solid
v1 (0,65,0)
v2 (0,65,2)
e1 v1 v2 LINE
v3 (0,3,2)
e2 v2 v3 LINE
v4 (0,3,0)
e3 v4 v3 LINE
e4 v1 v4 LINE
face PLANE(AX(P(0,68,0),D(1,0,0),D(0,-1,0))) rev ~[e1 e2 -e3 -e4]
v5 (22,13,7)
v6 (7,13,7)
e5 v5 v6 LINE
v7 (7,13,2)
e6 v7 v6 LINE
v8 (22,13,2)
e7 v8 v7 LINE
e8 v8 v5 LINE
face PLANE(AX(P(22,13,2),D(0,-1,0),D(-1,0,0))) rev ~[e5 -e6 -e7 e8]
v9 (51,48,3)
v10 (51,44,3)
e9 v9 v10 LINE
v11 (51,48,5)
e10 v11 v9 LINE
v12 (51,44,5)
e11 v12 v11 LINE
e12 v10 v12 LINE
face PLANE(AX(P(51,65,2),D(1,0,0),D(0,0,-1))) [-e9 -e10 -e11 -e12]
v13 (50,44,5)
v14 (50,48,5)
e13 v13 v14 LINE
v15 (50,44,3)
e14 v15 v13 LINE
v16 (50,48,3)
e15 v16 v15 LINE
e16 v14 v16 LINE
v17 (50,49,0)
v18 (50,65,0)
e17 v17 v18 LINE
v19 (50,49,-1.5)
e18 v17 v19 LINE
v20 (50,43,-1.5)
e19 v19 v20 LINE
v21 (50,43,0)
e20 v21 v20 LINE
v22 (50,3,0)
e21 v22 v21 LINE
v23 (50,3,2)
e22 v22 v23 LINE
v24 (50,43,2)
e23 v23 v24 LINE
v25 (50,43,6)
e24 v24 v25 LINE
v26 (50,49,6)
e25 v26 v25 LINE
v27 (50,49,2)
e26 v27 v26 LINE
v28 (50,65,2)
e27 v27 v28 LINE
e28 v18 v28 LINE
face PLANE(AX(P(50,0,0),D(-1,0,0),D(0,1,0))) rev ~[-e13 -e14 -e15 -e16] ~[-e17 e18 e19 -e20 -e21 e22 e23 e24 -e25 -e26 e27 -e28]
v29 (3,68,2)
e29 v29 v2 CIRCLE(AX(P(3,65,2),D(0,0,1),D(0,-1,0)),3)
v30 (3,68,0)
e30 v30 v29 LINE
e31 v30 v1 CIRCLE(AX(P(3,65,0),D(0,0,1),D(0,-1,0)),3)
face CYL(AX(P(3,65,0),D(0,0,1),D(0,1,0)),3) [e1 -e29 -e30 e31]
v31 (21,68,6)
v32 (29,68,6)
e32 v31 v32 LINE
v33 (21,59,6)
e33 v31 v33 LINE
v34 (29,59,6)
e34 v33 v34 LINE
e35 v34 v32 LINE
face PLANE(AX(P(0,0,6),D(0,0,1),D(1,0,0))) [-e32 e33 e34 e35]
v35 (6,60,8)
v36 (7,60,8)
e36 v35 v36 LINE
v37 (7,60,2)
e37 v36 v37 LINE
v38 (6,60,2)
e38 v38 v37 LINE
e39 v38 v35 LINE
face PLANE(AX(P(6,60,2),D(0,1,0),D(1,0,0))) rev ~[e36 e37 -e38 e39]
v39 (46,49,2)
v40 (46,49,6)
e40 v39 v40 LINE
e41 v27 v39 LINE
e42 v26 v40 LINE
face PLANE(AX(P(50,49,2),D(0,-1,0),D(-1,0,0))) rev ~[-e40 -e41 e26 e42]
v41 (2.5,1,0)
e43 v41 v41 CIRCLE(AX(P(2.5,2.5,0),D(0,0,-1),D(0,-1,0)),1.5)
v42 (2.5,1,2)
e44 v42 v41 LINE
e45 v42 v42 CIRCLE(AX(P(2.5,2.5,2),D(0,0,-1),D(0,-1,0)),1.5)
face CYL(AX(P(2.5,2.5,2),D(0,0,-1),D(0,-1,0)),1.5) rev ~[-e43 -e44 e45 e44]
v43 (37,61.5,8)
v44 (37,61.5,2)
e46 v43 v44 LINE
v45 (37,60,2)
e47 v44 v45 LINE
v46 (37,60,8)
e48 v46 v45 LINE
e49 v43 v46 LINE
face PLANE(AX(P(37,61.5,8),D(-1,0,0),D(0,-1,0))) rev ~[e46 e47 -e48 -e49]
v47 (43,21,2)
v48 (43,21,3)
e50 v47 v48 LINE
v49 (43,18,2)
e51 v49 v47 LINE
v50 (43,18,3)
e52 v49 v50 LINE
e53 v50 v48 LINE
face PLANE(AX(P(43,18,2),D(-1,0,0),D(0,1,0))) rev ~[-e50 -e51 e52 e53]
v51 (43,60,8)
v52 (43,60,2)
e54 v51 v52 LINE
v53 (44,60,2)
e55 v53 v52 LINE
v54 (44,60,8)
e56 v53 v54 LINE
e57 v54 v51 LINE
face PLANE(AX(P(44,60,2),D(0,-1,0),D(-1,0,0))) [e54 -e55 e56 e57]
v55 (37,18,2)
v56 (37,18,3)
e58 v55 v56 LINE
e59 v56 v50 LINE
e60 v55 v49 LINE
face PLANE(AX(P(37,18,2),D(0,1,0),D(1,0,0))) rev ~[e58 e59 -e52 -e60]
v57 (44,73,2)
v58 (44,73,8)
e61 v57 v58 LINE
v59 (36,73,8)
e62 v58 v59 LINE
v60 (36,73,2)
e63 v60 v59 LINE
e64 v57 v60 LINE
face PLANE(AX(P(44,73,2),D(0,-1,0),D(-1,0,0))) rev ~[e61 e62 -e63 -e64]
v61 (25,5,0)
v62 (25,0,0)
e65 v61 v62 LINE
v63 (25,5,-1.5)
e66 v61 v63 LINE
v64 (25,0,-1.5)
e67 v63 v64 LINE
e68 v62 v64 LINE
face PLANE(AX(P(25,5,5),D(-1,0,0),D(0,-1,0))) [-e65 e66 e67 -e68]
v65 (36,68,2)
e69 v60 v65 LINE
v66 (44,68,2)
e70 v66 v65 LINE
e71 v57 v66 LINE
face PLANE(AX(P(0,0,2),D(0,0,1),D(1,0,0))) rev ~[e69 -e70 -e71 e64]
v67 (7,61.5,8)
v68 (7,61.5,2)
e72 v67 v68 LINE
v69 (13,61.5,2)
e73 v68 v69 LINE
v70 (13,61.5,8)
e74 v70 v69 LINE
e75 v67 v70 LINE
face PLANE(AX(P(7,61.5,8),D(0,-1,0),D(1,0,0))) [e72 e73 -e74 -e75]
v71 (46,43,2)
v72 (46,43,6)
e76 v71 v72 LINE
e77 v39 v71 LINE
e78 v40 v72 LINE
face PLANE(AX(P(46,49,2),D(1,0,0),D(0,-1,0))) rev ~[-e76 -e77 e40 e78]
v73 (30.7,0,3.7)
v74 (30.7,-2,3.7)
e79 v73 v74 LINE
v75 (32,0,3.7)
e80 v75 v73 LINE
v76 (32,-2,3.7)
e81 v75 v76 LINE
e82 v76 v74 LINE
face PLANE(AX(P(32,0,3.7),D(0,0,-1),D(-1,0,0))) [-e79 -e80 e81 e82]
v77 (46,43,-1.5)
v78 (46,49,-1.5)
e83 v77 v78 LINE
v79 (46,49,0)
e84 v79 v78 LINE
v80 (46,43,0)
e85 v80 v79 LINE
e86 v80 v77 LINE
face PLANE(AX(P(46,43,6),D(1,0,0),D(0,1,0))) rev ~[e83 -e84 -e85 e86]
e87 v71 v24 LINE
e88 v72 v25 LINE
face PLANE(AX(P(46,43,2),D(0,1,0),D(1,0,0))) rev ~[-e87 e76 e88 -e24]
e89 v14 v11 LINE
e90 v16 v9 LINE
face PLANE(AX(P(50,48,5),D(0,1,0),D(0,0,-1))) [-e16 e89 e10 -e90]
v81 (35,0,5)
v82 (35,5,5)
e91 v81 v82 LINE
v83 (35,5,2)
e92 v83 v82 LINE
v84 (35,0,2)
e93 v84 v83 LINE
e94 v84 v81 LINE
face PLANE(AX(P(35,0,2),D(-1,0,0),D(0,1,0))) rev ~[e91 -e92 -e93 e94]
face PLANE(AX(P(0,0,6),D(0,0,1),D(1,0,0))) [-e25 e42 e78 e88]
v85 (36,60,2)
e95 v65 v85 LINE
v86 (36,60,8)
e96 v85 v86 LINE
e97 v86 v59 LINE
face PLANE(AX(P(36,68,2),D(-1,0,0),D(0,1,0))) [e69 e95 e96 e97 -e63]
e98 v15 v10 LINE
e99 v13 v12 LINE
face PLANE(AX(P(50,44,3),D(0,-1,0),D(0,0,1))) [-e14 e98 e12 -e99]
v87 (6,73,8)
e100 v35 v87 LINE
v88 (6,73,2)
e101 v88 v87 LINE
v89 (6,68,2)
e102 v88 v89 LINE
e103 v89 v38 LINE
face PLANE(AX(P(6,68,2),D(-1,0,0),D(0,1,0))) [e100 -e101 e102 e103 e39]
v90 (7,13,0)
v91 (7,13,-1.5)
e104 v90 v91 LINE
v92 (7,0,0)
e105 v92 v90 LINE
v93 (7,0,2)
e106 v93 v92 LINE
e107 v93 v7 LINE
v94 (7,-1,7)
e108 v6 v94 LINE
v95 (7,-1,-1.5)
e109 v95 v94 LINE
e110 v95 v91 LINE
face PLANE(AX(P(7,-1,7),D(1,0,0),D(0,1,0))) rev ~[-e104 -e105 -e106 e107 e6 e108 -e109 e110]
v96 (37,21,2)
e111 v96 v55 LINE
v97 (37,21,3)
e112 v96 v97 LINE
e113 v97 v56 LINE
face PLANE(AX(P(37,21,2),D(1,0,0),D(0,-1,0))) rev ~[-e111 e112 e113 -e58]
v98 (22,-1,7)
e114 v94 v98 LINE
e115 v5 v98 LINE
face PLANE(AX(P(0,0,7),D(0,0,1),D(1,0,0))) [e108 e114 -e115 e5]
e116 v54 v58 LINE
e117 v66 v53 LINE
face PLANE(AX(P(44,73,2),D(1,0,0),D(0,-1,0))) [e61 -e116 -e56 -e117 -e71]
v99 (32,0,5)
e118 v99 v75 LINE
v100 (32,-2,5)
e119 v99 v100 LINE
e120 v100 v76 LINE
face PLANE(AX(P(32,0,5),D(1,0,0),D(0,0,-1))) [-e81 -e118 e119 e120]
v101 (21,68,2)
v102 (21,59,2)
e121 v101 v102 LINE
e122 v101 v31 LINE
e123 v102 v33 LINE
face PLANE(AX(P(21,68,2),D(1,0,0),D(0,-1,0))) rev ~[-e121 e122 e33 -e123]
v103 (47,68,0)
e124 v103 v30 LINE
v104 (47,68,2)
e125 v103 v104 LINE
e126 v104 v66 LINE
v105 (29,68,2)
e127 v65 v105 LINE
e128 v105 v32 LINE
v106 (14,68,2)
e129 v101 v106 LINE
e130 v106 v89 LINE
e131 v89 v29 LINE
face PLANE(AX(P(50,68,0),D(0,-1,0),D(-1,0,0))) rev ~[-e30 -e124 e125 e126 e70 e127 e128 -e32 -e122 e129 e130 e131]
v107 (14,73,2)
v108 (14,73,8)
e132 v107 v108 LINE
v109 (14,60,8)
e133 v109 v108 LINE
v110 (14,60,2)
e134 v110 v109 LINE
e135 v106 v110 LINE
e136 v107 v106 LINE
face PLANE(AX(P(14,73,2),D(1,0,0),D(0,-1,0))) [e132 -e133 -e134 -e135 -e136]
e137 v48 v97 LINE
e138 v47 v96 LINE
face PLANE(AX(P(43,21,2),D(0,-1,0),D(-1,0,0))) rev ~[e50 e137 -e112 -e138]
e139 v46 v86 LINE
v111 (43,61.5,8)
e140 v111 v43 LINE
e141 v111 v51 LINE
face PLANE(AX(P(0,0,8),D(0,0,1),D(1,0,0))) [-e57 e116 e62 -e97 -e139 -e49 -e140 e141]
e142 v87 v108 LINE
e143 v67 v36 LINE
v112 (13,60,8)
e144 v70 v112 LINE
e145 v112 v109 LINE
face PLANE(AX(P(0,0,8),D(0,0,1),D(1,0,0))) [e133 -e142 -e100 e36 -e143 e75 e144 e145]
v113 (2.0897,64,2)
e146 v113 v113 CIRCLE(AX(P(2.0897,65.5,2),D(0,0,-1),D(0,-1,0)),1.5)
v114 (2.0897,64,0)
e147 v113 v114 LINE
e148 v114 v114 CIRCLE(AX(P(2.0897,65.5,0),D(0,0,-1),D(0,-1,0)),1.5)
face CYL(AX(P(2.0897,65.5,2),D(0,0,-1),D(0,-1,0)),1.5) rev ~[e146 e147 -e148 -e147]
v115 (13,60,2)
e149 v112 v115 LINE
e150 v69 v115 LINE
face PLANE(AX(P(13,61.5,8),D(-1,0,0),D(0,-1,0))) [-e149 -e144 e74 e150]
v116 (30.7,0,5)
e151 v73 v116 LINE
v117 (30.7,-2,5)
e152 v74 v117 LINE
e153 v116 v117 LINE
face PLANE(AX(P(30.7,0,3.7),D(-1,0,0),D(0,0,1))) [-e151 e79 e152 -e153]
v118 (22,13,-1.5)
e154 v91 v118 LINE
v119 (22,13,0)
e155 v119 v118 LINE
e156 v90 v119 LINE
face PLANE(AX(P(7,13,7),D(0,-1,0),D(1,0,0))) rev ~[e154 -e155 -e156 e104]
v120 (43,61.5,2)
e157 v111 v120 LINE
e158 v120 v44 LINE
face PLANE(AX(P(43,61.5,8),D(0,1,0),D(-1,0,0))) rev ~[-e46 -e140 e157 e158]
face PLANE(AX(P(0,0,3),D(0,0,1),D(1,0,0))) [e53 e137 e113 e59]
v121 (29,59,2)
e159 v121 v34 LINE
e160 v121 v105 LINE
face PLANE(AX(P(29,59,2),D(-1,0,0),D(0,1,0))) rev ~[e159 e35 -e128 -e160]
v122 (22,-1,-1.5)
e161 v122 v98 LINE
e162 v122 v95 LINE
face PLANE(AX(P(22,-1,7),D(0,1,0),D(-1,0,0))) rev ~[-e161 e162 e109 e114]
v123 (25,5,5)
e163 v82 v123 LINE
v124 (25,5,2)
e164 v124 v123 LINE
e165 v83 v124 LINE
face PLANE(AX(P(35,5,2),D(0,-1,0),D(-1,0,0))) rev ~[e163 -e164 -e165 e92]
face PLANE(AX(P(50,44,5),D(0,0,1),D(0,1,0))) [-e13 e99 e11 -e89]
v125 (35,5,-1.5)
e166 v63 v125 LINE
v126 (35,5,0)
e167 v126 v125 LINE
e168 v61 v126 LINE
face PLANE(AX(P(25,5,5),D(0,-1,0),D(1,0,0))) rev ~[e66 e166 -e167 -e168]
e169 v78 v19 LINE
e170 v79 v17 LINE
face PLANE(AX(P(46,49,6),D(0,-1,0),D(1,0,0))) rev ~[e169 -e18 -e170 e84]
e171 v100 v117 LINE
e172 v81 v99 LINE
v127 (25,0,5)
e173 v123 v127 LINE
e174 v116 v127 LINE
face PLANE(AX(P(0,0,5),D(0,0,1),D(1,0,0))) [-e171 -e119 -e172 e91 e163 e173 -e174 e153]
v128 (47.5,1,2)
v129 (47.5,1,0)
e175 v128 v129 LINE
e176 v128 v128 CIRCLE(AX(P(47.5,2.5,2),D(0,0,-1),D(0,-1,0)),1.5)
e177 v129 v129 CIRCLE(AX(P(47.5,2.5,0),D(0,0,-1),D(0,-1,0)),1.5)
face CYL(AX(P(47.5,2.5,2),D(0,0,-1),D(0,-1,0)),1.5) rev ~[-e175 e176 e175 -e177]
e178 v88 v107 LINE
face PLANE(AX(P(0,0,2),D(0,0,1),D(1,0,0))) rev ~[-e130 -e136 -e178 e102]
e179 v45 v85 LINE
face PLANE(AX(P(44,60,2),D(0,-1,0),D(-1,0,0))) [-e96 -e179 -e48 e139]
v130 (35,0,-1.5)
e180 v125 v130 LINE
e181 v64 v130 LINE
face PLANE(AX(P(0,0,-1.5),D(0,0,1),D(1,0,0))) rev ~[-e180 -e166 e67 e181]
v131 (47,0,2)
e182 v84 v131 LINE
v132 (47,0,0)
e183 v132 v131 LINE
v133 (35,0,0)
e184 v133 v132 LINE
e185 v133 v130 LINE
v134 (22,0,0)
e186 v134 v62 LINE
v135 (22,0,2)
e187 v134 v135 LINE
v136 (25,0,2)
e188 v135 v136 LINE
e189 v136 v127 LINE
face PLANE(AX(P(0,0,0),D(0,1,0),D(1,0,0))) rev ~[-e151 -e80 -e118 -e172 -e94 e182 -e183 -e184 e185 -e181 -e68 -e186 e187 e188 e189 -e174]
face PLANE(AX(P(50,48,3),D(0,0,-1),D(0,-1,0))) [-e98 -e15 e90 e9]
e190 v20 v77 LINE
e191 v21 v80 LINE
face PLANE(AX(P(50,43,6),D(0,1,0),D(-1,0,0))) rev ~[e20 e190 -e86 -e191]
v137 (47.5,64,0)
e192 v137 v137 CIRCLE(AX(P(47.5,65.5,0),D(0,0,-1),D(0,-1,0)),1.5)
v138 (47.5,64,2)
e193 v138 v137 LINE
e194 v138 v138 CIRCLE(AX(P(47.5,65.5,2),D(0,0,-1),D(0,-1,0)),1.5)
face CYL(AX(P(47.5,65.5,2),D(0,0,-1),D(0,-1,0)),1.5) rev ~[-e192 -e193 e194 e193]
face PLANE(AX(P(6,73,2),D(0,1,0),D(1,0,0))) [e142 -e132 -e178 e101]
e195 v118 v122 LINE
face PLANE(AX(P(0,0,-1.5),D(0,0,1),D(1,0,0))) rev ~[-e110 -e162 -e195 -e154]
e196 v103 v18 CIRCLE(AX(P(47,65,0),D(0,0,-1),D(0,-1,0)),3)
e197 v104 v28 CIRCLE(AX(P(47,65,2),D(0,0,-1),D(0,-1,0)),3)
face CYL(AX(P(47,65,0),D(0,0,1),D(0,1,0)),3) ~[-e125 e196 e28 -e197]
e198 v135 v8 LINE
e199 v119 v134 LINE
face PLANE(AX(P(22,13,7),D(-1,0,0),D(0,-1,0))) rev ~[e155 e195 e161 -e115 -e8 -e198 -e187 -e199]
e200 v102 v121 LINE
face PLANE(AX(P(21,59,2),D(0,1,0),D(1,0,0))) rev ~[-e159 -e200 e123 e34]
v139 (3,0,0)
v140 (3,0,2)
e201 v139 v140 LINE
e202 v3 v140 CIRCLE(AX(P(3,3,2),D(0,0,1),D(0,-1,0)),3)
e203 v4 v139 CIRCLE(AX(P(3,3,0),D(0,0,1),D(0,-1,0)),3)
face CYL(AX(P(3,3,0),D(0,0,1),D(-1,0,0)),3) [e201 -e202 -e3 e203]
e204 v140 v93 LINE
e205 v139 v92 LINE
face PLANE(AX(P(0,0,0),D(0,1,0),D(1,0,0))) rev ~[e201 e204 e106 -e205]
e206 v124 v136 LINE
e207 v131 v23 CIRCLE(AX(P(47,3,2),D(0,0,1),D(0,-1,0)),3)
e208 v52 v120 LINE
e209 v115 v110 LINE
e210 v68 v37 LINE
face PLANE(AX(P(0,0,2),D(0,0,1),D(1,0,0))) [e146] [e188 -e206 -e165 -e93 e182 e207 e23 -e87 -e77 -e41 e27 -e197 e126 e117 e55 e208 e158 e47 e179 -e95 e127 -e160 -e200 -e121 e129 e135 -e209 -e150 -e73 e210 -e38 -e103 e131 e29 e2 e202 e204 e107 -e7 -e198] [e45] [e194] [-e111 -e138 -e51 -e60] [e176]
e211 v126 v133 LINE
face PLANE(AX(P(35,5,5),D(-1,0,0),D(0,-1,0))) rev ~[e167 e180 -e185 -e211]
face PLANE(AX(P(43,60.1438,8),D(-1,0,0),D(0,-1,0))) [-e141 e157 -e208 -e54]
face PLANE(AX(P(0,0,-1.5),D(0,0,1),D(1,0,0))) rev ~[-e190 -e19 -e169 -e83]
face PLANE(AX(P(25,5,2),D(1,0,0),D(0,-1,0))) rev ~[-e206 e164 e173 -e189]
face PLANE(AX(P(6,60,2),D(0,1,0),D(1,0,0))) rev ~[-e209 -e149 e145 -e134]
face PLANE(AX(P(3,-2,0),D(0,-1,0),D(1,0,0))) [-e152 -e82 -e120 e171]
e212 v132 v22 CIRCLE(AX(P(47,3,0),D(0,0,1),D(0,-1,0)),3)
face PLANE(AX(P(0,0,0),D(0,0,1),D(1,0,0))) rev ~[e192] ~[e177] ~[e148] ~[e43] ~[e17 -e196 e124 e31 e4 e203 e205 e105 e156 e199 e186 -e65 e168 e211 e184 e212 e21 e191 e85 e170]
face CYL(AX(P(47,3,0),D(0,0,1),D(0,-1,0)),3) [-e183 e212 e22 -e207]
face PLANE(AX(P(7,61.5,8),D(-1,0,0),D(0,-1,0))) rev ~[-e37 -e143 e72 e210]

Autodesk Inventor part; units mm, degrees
ref_plane "YZ Plane" through (0, 0, 0) normal (1, 0, 0) x (0, 1, 0)
ref_plane "XZ Plane" through (0, 0, 0) normal (0, 1, 0) x (-1, 0, 0)
ref_plane "XY Plane" through (0, 0, 0) normal (0, 0, 1) x (1, 0, 0)
sketch "Boceto1" plane through (0, 0, 0) normal (0, 0, 1) x (1, 0, 0)
  line L0 (0, 0) -> (50, 0)
  line L1 (50, 0) -> (50, 68)
  line L2 (50, 68) -> (0, 68)
  line L3 (0, 68) -> (0, 0)
  dimension "d0" = 50
  dimension "d1" = 68
extrude "Extrusión1" add sketch "Boceto1" along normal blind 2
hole "Hole1" at (2.0897, 65.5, 2) direction (0, 0, -1) diameter 3 end through all
hole "Hole2" at (47.5, 65.5, 2) direction (0, 0, -1) diameter 3 end through all
hole "Hole3" at (2.5, 2.5, 2) direction (0, 0, -1) diameter 3 end through all
hole "Hole4" at (47.5, 2.5, 2) direction (0, 0, -1) diameter 3 end through all
fillet "Empalme1" radius 3 1 edges at (50, 68, 1)
fillet "Empalme2" radius 3 1 edges at (0, 68, 1)
fillet "Empalme3" radius 3 1 edges at (0, 0, 1)
fillet "Empalme4" radius 3 1 edges at (50, 0, 1)
sketch "Boceto2" plane through (0, 0, 2) normal (0, 0, 1) x (1, 0, 0)
  line L0 (3, 68) -> (47, 68) projected
  line L1 (6, 68) -> (6, 60)
  line L2 (6, 60) -> (14, 60)
  line L3 (14, 60) -> (14, 68)
  line L4 (47, 0) -> (3, 0) projected
  line L5 (6, 68) -> (6, 73)
  line L6 (6, 73) -> (14, 73)
  line L7 (14, 73) -> (14, 68)
  point P0 (0, 0)
  dimension "d47" = 8
  dimension "d48" = 8
  dimension "d49" = 8
  dimension "d63" = 5
extrude "Extrusión2" add sketch "Boceto2" along normal blind 6
sketch "Boceto3" plane through (0, 0, 8) normal (0, 0, 1) x (1, 0, 0)
  line L0 (6, 60) -> (6, 73) projected
  line L1 (14, 60) -> (6, 60) projected
  line L2 (14, 73) -> (14, 60) projected
  line L3 (6, 60) -> (7, 60)
  line L4 (7, 61.5) -> (6, 61.5)
  line L5 (7, 61.5) -> (7, 60)
  line L6 (14, 60) -> (13, 60)
  line L7 (13, 61.5) -> (14, 61.5)
  line L8 (13, 61.5) -> (13, 60)
  line L9 (7, 61.5) -> (13, 61.5)
  point P0 (14, 68)
  point P1 (6, 68)
  point P2 (0, 0)
extrude "Extrusión3" cut sketch "Boceto3" against normal blind 6 contours L5 L9 L8 L1
sketch "Boceto4" plane through (0, 0, 2) normal (0, 0, 1) x (1, 0, 0)
  line L0 (14, 68) -> (14, 60) projected
  line L1 (6, 60) -> (6, 68) projected
  line L2 (3, 68) -> (47, 68) projected
  line L3 (6, 68) -> (14, 68)
  line L4 (21, 68) -> (21, 59)
  line L5 (21, 59) -> (29, 59)
  line L6 (29, 59) -> (29, 68)
  line L7 (21, 68) -> (29, 68)
  point P0 (0, 0)
  dimension "d55" = 8
extrude "Extrusión4" add sketch "Boceto4" along normal blind 4
sketch "Boceto5" plane through (0, 0, 2) normal (0, 0, 1) x (1, 0, 0)
  line L0 (29, 68) -> (47, 68) projected
  line L1 (50, 68) -> (44, 68)
  line L2 (44, 68) -> (44, 60)
  line L3 (44, 60) -> (36, 60)
  line L4 (36, 60) -> (36, 73)
  line L5 (44, 73) -> (44, 65.5)
  line L6 (44, 73) -> (36, 73)
  point P0 (0, 0)
  dimension "d58" = 6
  dimension "d59" = 8
  dimension "d60" = 13
extrude "Extrusión5" add sketch "Boceto5" along normal blind 6
sketch "Boceto6" plane through (0, 0, 8) normal (0, 0, 1) x (1, 0, 0)
  line L0 (44, 60) -> (36, 60) projected
  line L1 (37, 61.5) -> (37, 60)
  line L2 (43, 61.5) -> (43, 60)
  line L3 (43, 61.5) -> (37, 61.5)
  line L4 (37, 61.5) -> (37, 60)
  line L5 (43, 60.1438) -> (43, 61.5)
  line L6 (37, 60) -> (43, 60)
  point P0 (0, 0)
extrude "Extrusión6" cut sketch "Boceto6" against normal blind 6
sketch "Boceto7" plane through (0, 0, 2) normal (0, 0, 1) x (1, 0, 0)
  line L0 (0, 3) -> (0, 65) projected
  line L1 (47, 0) -> (3, 0) projected
  line L2 (7, 0) -> (7, -1)
  line L3 (7, -1) -> (22, -1)
  line L4 (22, -1) -> (22, 13)
  line L5 (22, 13) -> (7, 13)
  line L6 (7, 13) -> (7, 0)
  point P0 (0, 0)
extrude "Extrusión7" add sketch "Boceto7" along normal blind 5
sketch "Boceto8" plane through (0, 0, 2) normal (0, 0, 1) x (1, 0, 0)
  line L0 (47, 0) -> (22, 0) projected
  line L1 (35, 0) -> (35, 5)
  line L2 (35, 5) -> (25, 5)
  line L3 (25, 5) -> (25, 0)
  line L4 (35, 0) -> (25, 0)
  point P0 (0, 0)
  dimension "d74" = 5
extrude "Extrusión8" add sketch "Boceto8" along normal blind 3
sketch "Boceto9" plane through (3, 0, 0) normal (0, -1, 0) x (1, 0, 0)
  line L0 (29, 5) -> (22, 5)
  line L1 (32, 5) -> (29, 5)
  line L2 (29, 5) -> (29, 3.7)
  line L3 (29, 3.7) -> (27.7, 3.7)
  line L4 (27.7, 3.7) -> (27.7, 5)
  line L5 (29, 5) -> (27.7, 5)
  point P0 (-3, 0)
  dimension "d78" = 1.3
  dimension "d79" = 1.3
extrude "Extrusión9" add sketch "Boceto9" along normal blind 2
sketch "Boceto10" plane through (0, 0, 2) normal (0, 0, 1) x (1, 0, 0)
  line L0 (50, 65) -> (50, 3) projected
  line L1 (50, 49) -> (46, 49)
  line L2 (46, 49) -> (46, 43)
  line L3 (46, 43) -> (50, 43)
  line L4 (50, 49) -> (50, 43)
  point P0 (0, 0)
  dimension "d83" = 6
extrude "Extrusión10" add sketch "Boceto10" along normal blind 4
sketch "Boceto11" plane through (50, 65, 2) normal (1, 0, 0) x (0, 0, -1)
  line L0 (-3, -17) -> (-1, -17)
  line L1 (-1, -17) -> (-1, -21)
  line L2 (-1, -21) -> (-3, -21)
  line L3 (-3, -21) -> (-3, -17)
  point P0 (2, -65)
extrude "Extrusión11" add sketch "Boceto11" along normal blind 1
sketch "Boceto12" plane through (0, 0, 2) normal (0, 0, 1) x (1, 0, 0)
  line L0 (47, 0) -> (35, 0) projected
  line L1 (43, 18) -> (43, 21)
  line L2 (43, 21) -> (37, 21)
  line L3 (37, 21) -> (37, 18)
  line L4 (37, 18) -> (43, 18)
  point P0 (0, 0)
  dimension "d90" = 3
  dimension "d91" = 6
extrude "Extrusión12" add sketch "Boceto12" along normal blind 1
sketch "Boceto13" plane through (0, 0, 5) normal (0, 0, 1) x (1, 0, 0)
  line L0 (35, 5) -> (35, 0) projected
  line L1 (30.7, 0) -> (25, 0) projected
  line L2 (32, 0) -> (32, -2) projected
  line L3 (25, 5) -> (35, 5)
  line L4 (35, 0) -> (25, 0)
  line L5 (25, 5) -> (25, 0)
  line L6 (35, 5) -> (35, 0)
  point P0 (0, 0)
extrude "Extrusión13" add sketch "Boceto13" against normal blind 6.5
sketch "Boceto14" plane through (0, 0, 7) normal (0, 0, 1) x (1, 0, 0)
  line L0 (7, -1) -> (7, 13) projected
  line L1 (22, -1) -> (7, -1) projected
  line L2 (22, 13) -> (22, -1) projected
  line L3 (7, 13) -> (22, 13) projected
  line L4 (7, 13) -> (22, 13)
  line L5 (22, -1) -> (7, -1)
  point P0 (0, 0)
extrude "Extrusión14" add sketch "Boceto14" against normal blind 8.5
sketch "Boceto15" plane through (0, 0, 6) normal (0, 0, 1) x (1, 0, 0)
  line L0 (50, 49) -> (50, 43) projected
  line L1 (46, 49) -> (50, 49) projected
  line L2 (46, 49) -> (50, 49)
  line L3 (50, 43) -> (46, 43)
  line L4 (46, 43) -> (46, 49)
  point P0 (0, 0)
extrude "Extrusión15" add sketch "Boceto15" against normal blind 7.5
properties part number "lipoRiderPro"
